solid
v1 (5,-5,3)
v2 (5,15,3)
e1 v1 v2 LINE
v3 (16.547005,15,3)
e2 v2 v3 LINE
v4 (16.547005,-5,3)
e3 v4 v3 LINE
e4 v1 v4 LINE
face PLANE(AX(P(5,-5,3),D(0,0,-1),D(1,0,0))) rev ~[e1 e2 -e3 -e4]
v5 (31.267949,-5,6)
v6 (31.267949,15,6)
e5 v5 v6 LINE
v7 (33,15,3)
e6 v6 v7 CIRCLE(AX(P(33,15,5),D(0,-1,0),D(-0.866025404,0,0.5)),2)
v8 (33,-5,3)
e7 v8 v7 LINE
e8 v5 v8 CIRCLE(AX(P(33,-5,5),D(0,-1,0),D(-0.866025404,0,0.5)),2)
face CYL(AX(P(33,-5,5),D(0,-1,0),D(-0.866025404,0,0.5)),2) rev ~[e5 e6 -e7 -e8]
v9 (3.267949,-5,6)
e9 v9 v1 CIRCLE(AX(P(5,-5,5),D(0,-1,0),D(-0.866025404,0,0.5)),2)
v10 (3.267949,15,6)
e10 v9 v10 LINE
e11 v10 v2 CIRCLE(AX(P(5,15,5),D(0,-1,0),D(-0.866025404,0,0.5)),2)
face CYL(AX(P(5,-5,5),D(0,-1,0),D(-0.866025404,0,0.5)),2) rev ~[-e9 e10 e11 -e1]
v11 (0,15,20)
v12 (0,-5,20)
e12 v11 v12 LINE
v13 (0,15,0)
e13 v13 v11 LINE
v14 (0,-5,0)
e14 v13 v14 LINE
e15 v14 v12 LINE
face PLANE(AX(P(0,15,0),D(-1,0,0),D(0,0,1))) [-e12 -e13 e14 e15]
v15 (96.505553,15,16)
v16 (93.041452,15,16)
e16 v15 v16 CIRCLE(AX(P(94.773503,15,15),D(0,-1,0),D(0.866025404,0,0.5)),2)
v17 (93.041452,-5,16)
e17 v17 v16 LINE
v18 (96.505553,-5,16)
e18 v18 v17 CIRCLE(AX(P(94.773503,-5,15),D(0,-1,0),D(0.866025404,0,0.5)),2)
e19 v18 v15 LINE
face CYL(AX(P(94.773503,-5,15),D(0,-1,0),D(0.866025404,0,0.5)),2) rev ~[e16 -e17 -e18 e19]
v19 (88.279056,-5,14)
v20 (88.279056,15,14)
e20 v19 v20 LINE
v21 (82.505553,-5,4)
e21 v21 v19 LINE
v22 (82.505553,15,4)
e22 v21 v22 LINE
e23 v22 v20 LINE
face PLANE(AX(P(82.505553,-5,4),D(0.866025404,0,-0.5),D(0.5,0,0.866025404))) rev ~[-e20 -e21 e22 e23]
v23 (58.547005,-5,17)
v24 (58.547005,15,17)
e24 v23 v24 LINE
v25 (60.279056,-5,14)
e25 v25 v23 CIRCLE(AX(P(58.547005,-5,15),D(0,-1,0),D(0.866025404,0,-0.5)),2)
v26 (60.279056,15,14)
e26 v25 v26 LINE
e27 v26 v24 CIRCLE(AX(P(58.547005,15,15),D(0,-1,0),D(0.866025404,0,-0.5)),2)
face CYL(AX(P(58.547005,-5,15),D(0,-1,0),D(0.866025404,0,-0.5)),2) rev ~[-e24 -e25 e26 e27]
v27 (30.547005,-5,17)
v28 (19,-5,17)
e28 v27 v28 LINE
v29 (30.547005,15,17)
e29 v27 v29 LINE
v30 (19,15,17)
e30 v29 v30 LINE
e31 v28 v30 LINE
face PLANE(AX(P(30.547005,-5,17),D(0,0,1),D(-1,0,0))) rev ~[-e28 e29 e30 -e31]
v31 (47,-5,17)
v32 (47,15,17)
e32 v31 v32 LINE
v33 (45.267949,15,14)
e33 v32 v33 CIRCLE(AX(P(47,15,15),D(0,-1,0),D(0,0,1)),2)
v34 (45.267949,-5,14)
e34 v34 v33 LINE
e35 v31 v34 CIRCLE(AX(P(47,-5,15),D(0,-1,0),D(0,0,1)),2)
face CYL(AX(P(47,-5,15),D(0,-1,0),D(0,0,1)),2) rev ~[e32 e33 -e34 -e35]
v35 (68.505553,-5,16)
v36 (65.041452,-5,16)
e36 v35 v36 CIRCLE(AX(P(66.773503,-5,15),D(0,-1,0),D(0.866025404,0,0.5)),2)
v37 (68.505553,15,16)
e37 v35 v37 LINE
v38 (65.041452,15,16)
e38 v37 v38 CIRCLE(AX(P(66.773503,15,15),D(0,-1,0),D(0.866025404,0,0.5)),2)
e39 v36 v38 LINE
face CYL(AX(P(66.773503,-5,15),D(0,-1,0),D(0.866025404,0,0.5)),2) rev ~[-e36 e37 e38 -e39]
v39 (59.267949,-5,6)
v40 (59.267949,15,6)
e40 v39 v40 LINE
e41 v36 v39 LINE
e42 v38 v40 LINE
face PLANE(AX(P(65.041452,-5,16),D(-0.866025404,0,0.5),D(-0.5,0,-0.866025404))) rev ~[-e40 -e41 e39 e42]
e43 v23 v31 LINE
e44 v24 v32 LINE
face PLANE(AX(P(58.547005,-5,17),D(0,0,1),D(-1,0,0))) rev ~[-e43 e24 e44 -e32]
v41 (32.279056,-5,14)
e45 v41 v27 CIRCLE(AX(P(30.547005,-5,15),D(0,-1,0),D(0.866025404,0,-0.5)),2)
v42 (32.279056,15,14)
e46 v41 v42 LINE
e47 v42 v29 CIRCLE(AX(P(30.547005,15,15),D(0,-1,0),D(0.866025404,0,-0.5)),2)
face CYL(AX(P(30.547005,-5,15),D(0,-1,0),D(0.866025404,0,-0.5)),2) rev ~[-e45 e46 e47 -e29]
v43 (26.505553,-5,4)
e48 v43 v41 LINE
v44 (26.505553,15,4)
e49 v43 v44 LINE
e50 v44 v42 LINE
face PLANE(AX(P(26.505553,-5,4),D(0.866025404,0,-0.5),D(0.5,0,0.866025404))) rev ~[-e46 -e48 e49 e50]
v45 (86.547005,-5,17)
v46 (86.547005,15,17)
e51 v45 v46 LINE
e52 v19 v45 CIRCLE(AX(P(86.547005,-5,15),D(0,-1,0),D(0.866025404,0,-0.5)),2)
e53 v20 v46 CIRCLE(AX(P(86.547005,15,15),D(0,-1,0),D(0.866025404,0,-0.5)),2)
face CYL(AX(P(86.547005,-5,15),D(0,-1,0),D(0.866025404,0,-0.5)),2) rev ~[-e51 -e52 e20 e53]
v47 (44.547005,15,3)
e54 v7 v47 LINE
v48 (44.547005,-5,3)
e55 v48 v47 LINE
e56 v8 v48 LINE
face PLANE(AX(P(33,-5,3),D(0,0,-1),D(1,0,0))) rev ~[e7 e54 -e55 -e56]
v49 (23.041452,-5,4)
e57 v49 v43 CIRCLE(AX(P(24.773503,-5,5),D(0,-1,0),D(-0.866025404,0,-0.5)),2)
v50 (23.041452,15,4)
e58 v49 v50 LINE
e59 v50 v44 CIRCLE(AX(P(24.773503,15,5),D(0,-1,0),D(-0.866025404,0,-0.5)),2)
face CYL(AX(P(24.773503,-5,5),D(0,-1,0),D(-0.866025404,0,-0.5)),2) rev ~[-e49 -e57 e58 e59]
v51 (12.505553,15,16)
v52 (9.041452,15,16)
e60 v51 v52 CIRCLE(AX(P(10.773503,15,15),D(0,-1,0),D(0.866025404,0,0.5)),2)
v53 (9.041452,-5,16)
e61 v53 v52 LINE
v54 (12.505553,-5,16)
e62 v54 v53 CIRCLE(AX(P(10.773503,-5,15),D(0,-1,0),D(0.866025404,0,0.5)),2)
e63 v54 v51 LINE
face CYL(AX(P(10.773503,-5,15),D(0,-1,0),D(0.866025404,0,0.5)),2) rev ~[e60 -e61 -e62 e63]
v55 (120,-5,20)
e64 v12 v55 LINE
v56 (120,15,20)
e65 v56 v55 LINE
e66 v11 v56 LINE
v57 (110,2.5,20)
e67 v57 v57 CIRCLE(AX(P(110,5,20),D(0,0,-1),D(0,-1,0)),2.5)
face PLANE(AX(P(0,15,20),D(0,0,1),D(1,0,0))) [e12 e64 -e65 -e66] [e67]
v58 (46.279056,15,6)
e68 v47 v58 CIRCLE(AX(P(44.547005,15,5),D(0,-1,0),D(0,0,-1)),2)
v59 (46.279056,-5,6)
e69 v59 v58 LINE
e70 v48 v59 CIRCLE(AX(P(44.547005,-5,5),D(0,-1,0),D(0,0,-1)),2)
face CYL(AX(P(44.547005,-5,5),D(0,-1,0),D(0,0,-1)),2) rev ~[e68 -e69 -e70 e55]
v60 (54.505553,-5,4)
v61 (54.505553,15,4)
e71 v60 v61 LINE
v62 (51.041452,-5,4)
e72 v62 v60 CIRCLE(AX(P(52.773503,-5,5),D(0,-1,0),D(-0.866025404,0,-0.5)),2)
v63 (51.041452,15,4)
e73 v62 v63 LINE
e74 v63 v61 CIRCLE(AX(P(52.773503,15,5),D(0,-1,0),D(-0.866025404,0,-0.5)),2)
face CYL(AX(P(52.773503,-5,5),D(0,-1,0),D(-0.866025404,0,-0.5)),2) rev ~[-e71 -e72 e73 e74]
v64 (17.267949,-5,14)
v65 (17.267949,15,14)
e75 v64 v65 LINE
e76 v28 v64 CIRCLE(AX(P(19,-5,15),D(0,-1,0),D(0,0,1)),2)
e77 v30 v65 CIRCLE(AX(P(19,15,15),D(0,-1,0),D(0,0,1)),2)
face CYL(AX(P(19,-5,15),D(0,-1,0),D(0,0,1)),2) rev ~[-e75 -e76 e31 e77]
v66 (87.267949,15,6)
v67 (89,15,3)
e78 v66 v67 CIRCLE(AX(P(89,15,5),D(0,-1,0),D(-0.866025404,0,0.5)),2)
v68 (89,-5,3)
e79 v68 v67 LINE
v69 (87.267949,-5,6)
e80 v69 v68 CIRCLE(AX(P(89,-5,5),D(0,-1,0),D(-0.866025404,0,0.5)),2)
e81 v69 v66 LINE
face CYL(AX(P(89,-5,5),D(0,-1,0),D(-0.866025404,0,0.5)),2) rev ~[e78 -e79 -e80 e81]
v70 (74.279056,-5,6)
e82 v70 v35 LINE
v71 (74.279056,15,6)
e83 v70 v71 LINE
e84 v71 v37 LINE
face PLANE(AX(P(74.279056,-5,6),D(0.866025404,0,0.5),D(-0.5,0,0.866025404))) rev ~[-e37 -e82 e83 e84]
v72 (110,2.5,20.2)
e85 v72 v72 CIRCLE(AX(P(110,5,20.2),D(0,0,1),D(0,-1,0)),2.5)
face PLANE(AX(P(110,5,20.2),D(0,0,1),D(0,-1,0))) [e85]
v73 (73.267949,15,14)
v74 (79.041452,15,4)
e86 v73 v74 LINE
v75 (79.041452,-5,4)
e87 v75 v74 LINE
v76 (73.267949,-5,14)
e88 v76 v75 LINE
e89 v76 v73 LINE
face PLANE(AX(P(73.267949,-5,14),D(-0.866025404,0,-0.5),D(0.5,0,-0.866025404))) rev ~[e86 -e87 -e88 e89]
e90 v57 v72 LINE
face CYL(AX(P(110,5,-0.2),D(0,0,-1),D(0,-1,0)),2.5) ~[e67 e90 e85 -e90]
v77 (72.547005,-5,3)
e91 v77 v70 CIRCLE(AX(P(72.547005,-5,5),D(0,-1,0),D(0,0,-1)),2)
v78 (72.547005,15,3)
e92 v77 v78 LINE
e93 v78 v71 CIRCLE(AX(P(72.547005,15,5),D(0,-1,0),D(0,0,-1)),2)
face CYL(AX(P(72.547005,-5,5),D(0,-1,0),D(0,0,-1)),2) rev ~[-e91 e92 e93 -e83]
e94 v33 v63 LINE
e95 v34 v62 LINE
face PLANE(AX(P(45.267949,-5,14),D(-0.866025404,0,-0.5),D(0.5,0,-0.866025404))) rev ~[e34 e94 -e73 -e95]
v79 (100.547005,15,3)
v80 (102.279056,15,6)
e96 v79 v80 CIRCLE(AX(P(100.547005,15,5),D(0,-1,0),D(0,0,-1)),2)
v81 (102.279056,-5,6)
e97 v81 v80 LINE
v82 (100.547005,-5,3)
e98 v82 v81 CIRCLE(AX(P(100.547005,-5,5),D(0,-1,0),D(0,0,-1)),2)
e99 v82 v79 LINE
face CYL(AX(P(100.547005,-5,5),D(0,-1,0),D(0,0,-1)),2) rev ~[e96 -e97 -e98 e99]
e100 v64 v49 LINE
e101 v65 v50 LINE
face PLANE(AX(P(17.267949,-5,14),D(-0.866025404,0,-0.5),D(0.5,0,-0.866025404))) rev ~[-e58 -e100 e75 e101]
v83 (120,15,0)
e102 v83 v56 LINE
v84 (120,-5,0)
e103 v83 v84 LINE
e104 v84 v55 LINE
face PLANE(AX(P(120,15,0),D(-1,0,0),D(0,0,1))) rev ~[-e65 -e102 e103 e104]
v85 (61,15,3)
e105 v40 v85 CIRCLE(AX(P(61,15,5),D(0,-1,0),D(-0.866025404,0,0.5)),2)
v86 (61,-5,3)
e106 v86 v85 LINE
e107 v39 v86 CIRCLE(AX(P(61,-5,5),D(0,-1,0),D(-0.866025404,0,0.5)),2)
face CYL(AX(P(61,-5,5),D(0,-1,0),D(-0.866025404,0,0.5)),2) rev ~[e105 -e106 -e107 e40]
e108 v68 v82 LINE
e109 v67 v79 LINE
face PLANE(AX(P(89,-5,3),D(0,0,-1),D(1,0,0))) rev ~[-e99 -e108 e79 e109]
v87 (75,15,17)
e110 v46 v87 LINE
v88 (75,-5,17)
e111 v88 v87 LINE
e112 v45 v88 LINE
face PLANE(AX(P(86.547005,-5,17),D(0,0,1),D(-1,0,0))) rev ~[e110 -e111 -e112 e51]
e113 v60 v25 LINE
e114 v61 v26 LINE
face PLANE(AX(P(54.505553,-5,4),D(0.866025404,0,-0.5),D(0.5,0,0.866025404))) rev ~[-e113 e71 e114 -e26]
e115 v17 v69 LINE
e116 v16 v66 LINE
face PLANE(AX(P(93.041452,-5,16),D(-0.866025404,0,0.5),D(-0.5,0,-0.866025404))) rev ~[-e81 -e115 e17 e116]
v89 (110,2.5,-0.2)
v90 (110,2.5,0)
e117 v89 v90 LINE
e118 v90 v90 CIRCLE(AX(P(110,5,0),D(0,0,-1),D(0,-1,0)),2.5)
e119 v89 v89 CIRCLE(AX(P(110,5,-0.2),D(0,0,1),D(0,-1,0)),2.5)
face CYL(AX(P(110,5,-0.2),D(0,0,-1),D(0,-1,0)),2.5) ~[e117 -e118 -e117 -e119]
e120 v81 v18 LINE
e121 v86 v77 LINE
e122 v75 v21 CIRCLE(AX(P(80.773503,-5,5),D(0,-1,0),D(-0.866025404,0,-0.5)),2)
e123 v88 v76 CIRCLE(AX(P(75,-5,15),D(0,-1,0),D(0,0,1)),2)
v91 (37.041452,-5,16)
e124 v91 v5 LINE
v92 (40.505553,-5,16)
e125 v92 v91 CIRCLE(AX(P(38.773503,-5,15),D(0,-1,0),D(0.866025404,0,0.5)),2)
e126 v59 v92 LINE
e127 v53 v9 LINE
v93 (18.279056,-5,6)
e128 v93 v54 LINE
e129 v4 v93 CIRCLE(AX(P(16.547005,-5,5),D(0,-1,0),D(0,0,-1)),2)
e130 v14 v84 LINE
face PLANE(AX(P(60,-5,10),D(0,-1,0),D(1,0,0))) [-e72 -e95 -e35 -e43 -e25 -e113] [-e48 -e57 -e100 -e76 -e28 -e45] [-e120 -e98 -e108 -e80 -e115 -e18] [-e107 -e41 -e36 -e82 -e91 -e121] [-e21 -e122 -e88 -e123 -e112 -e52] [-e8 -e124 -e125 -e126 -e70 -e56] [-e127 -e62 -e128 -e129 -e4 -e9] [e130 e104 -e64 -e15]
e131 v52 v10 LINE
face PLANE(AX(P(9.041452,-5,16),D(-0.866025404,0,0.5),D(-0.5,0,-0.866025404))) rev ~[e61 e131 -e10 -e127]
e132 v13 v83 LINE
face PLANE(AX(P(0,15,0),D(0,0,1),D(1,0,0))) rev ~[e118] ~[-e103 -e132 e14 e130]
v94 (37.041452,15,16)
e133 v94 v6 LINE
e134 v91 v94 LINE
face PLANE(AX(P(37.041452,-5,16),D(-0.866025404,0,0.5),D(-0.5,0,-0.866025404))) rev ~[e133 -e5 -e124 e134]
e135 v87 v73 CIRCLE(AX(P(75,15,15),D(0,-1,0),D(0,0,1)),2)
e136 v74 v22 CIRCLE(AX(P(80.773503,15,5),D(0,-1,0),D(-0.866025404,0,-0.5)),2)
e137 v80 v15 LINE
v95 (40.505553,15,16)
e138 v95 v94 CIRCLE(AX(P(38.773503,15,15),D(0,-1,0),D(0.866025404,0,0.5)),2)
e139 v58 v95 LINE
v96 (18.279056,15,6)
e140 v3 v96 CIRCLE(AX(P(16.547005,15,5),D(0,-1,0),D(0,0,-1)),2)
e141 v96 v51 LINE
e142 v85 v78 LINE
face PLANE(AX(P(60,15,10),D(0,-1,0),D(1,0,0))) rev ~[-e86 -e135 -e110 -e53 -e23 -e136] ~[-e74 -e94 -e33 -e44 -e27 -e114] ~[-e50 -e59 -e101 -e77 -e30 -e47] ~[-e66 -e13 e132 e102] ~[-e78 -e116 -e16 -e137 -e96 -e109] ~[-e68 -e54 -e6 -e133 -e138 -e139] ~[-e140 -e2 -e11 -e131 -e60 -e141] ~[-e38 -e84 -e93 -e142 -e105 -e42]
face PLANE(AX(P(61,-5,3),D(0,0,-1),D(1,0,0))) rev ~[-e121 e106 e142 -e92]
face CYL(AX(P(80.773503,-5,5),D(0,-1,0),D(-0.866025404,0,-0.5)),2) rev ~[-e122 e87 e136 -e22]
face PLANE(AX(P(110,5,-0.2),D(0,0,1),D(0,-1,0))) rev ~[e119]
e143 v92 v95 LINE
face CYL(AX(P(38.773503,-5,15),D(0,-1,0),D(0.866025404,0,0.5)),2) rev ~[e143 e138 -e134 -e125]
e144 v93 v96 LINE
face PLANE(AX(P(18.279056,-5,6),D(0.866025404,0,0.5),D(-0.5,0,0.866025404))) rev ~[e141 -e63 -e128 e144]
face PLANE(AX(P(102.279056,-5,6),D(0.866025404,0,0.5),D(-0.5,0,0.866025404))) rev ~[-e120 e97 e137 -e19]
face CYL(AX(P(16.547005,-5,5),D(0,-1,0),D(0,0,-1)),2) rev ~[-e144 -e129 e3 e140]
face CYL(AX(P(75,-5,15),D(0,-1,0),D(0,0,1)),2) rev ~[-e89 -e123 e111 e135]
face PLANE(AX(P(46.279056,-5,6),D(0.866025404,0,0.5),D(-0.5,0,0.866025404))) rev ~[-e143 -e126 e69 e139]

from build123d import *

# Parameters (mm, degrees)
SKETCH5_W                = 120
SKETCH5_H                = 20
BOSS_EXTRUDE1_DEPTH      = 20
BOSS_EXTRUDE2_DEPTH      = 0.2
BOSS_EXTRUDE2_DEPTH_BACK = 20.2
SKETCH7_R                = 2.5
CUT_EXTRUDE1_DEPTH       = 124.320882254
BODY_MOVE_COPY1_ANGLE    = 90


with BuildPart() as part:
    # Sketch5 → Boss-Extrude1 (new body)
    with BuildSketch(Plane.XY):
        with Locations((60, 10)):
            Rectangle(SKETCH5_W, SKETCH5_H)
    extrude(amount=BOSS_EXTRUDE1_DEPTH)

    # Sketch7 → Boss-Extrude2 (add, two sides: drawn at the far end of the back side and taken through both)
    with BuildSketch(Plane(origin=(0, 20, 0), x_dir=(1, 0, 0), z_dir=(0, 1, 0)).offset(-BOSS_EXTRUDE2_DEPTH_BACK)):
        with Locations(Location((110, -10, 0), (0, 0, 270))):
            Circle(SKETCH7_R)
    extrude(amount=BOSS_EXTRUDE2_DEPTH + BOSS_EXTRUDE2_DEPTH_BACK)

    # Sketch6 → Cut-Extrude1 (cut, through all)
    with BuildSketch(Plane.XY.offset(20)):
        with BuildLine():
            Line((54.505553499, 4), (60.279056191, 14))
            ThreePointArc((60.279056191, 14), (60.279056191, 16), (58.547005384, 17))
            Line((58.547005384, 17), (47, 17))
            ThreePointArc((47, 17), (45.267949192, 16), (45.267949192, 14))
            Line((45.267949192, 14), (51.041451884, 4))
            ThreePointArc((51.041451884, 4), (52.773502692, 3), (54.505553499, 4))
        make_face()
        with BuildLine():
            Line((5, 3), (16.547005384, 3))
            ThreePointArc((16.547005384, 3), (18.279056191, 4), (18.279056191, 6))
            Line((18.279056191, 6), (12.505553499, 16))
            ThreePointArc((12.505553499, 16), (10.773502692, 17), (9.041451884, 16))
            Line((9.041451884, 16), (3.267949192, 6))
            ThreePointArc((3.267949192, 6), (3.267949192, 4), (5, 3))
        make_face()
        with BuildLine():
            Line((26.505553499, 4), (32.279056191, 14))
            ThreePointArc((32.279056191, 14), (32.279056191, 16), (30.547005384, 17))
            Line((30.547005384, 17), (19, 17))
            ThreePointArc((19, 17), (17.267949192, 16), (17.267949192, 14))
            Line((17.267949192, 14), (23.041451884, 4))
            ThreePointArc((23.041451884, 4), (24.773502692, 3), (26.505553499, 4))
        make_face()
        with BuildLine():
            Line((37.041451884, 16), (31.267949192, 6))
            ThreePointArc((31.267949192, 6), (31.267949192, 4), (33, 3))
            Line((33, 3), (44.547005384, 3))
            ThreePointArc((44.547005384, 3), (46.279056191, 4), (46.279056191, 6))
            Line((46.279056191, 6), (40.505553499, 16))
            ThreePointArc((40.505553499, 16), (38.773502692, 17), (37.041451884, 16))
        make_face()
        with BuildLine():
            Line((65.041451884, 16), (59.267949192, 6))
            ThreePointArc((59.267949192, 6), (59.267949192, 4), (61, 3))
            Line((61, 3), (72.547005384, 3))
            ThreePointArc((72.547005384, 3), (74.279056191, 4), (74.279056191, 6))
            Line((74.279056191, 6), (68.505553499, 16))
            ThreePointArc((68.505553499, 16), (66.773502692, 17), (65.041451884, 16))
        make_face()
        with BuildLine():
            Line((93.041451884, 16), (87.267949192, 6))
            ThreePointArc((87.267949192, 6), (87.267949192, 4), (89, 3))
            Line((89, 3), (100.547005384, 3))
            ThreePointArc((100.547005384, 3), (102.279056191, 4), (102.279056191, 6))
            Line((102.279056191, 6), (96.505553499, 16))
            ThreePointArc((96.505553499, 16), (94.773502692, 17), (93.041451884, 16))
        make_face()
        with BuildLine():
            Line((82.505553499, 4), (88.279056191, 14))
            ThreePointArc((88.279056191, 14), (88.279056191, 16), (86.547005384, 17))
            Line((86.547005384, 17), (75, 17))
            ThreePointArc((75, 17), (73.267949192, 16), (73.267949192, 14))
            Line((73.267949192, 14), (79.041451884, 4))
            ThreePointArc((79.041451884, 4), (80.773502692, 3), (82.505553499, 4))
        make_face()
    extrude(amount=-CUT_EXTRUDE1_DEPTH, mode=Mode.SUBTRACT)


with BuildPart() as part_1:
    # Body-Move/Copy1: moved
    add(part.part.rotate(Axis((0, 7.5, 7.5), (1, 0, 0)), BODY_MOVE_COPY1_ANGLE))


solid = part_1.part
